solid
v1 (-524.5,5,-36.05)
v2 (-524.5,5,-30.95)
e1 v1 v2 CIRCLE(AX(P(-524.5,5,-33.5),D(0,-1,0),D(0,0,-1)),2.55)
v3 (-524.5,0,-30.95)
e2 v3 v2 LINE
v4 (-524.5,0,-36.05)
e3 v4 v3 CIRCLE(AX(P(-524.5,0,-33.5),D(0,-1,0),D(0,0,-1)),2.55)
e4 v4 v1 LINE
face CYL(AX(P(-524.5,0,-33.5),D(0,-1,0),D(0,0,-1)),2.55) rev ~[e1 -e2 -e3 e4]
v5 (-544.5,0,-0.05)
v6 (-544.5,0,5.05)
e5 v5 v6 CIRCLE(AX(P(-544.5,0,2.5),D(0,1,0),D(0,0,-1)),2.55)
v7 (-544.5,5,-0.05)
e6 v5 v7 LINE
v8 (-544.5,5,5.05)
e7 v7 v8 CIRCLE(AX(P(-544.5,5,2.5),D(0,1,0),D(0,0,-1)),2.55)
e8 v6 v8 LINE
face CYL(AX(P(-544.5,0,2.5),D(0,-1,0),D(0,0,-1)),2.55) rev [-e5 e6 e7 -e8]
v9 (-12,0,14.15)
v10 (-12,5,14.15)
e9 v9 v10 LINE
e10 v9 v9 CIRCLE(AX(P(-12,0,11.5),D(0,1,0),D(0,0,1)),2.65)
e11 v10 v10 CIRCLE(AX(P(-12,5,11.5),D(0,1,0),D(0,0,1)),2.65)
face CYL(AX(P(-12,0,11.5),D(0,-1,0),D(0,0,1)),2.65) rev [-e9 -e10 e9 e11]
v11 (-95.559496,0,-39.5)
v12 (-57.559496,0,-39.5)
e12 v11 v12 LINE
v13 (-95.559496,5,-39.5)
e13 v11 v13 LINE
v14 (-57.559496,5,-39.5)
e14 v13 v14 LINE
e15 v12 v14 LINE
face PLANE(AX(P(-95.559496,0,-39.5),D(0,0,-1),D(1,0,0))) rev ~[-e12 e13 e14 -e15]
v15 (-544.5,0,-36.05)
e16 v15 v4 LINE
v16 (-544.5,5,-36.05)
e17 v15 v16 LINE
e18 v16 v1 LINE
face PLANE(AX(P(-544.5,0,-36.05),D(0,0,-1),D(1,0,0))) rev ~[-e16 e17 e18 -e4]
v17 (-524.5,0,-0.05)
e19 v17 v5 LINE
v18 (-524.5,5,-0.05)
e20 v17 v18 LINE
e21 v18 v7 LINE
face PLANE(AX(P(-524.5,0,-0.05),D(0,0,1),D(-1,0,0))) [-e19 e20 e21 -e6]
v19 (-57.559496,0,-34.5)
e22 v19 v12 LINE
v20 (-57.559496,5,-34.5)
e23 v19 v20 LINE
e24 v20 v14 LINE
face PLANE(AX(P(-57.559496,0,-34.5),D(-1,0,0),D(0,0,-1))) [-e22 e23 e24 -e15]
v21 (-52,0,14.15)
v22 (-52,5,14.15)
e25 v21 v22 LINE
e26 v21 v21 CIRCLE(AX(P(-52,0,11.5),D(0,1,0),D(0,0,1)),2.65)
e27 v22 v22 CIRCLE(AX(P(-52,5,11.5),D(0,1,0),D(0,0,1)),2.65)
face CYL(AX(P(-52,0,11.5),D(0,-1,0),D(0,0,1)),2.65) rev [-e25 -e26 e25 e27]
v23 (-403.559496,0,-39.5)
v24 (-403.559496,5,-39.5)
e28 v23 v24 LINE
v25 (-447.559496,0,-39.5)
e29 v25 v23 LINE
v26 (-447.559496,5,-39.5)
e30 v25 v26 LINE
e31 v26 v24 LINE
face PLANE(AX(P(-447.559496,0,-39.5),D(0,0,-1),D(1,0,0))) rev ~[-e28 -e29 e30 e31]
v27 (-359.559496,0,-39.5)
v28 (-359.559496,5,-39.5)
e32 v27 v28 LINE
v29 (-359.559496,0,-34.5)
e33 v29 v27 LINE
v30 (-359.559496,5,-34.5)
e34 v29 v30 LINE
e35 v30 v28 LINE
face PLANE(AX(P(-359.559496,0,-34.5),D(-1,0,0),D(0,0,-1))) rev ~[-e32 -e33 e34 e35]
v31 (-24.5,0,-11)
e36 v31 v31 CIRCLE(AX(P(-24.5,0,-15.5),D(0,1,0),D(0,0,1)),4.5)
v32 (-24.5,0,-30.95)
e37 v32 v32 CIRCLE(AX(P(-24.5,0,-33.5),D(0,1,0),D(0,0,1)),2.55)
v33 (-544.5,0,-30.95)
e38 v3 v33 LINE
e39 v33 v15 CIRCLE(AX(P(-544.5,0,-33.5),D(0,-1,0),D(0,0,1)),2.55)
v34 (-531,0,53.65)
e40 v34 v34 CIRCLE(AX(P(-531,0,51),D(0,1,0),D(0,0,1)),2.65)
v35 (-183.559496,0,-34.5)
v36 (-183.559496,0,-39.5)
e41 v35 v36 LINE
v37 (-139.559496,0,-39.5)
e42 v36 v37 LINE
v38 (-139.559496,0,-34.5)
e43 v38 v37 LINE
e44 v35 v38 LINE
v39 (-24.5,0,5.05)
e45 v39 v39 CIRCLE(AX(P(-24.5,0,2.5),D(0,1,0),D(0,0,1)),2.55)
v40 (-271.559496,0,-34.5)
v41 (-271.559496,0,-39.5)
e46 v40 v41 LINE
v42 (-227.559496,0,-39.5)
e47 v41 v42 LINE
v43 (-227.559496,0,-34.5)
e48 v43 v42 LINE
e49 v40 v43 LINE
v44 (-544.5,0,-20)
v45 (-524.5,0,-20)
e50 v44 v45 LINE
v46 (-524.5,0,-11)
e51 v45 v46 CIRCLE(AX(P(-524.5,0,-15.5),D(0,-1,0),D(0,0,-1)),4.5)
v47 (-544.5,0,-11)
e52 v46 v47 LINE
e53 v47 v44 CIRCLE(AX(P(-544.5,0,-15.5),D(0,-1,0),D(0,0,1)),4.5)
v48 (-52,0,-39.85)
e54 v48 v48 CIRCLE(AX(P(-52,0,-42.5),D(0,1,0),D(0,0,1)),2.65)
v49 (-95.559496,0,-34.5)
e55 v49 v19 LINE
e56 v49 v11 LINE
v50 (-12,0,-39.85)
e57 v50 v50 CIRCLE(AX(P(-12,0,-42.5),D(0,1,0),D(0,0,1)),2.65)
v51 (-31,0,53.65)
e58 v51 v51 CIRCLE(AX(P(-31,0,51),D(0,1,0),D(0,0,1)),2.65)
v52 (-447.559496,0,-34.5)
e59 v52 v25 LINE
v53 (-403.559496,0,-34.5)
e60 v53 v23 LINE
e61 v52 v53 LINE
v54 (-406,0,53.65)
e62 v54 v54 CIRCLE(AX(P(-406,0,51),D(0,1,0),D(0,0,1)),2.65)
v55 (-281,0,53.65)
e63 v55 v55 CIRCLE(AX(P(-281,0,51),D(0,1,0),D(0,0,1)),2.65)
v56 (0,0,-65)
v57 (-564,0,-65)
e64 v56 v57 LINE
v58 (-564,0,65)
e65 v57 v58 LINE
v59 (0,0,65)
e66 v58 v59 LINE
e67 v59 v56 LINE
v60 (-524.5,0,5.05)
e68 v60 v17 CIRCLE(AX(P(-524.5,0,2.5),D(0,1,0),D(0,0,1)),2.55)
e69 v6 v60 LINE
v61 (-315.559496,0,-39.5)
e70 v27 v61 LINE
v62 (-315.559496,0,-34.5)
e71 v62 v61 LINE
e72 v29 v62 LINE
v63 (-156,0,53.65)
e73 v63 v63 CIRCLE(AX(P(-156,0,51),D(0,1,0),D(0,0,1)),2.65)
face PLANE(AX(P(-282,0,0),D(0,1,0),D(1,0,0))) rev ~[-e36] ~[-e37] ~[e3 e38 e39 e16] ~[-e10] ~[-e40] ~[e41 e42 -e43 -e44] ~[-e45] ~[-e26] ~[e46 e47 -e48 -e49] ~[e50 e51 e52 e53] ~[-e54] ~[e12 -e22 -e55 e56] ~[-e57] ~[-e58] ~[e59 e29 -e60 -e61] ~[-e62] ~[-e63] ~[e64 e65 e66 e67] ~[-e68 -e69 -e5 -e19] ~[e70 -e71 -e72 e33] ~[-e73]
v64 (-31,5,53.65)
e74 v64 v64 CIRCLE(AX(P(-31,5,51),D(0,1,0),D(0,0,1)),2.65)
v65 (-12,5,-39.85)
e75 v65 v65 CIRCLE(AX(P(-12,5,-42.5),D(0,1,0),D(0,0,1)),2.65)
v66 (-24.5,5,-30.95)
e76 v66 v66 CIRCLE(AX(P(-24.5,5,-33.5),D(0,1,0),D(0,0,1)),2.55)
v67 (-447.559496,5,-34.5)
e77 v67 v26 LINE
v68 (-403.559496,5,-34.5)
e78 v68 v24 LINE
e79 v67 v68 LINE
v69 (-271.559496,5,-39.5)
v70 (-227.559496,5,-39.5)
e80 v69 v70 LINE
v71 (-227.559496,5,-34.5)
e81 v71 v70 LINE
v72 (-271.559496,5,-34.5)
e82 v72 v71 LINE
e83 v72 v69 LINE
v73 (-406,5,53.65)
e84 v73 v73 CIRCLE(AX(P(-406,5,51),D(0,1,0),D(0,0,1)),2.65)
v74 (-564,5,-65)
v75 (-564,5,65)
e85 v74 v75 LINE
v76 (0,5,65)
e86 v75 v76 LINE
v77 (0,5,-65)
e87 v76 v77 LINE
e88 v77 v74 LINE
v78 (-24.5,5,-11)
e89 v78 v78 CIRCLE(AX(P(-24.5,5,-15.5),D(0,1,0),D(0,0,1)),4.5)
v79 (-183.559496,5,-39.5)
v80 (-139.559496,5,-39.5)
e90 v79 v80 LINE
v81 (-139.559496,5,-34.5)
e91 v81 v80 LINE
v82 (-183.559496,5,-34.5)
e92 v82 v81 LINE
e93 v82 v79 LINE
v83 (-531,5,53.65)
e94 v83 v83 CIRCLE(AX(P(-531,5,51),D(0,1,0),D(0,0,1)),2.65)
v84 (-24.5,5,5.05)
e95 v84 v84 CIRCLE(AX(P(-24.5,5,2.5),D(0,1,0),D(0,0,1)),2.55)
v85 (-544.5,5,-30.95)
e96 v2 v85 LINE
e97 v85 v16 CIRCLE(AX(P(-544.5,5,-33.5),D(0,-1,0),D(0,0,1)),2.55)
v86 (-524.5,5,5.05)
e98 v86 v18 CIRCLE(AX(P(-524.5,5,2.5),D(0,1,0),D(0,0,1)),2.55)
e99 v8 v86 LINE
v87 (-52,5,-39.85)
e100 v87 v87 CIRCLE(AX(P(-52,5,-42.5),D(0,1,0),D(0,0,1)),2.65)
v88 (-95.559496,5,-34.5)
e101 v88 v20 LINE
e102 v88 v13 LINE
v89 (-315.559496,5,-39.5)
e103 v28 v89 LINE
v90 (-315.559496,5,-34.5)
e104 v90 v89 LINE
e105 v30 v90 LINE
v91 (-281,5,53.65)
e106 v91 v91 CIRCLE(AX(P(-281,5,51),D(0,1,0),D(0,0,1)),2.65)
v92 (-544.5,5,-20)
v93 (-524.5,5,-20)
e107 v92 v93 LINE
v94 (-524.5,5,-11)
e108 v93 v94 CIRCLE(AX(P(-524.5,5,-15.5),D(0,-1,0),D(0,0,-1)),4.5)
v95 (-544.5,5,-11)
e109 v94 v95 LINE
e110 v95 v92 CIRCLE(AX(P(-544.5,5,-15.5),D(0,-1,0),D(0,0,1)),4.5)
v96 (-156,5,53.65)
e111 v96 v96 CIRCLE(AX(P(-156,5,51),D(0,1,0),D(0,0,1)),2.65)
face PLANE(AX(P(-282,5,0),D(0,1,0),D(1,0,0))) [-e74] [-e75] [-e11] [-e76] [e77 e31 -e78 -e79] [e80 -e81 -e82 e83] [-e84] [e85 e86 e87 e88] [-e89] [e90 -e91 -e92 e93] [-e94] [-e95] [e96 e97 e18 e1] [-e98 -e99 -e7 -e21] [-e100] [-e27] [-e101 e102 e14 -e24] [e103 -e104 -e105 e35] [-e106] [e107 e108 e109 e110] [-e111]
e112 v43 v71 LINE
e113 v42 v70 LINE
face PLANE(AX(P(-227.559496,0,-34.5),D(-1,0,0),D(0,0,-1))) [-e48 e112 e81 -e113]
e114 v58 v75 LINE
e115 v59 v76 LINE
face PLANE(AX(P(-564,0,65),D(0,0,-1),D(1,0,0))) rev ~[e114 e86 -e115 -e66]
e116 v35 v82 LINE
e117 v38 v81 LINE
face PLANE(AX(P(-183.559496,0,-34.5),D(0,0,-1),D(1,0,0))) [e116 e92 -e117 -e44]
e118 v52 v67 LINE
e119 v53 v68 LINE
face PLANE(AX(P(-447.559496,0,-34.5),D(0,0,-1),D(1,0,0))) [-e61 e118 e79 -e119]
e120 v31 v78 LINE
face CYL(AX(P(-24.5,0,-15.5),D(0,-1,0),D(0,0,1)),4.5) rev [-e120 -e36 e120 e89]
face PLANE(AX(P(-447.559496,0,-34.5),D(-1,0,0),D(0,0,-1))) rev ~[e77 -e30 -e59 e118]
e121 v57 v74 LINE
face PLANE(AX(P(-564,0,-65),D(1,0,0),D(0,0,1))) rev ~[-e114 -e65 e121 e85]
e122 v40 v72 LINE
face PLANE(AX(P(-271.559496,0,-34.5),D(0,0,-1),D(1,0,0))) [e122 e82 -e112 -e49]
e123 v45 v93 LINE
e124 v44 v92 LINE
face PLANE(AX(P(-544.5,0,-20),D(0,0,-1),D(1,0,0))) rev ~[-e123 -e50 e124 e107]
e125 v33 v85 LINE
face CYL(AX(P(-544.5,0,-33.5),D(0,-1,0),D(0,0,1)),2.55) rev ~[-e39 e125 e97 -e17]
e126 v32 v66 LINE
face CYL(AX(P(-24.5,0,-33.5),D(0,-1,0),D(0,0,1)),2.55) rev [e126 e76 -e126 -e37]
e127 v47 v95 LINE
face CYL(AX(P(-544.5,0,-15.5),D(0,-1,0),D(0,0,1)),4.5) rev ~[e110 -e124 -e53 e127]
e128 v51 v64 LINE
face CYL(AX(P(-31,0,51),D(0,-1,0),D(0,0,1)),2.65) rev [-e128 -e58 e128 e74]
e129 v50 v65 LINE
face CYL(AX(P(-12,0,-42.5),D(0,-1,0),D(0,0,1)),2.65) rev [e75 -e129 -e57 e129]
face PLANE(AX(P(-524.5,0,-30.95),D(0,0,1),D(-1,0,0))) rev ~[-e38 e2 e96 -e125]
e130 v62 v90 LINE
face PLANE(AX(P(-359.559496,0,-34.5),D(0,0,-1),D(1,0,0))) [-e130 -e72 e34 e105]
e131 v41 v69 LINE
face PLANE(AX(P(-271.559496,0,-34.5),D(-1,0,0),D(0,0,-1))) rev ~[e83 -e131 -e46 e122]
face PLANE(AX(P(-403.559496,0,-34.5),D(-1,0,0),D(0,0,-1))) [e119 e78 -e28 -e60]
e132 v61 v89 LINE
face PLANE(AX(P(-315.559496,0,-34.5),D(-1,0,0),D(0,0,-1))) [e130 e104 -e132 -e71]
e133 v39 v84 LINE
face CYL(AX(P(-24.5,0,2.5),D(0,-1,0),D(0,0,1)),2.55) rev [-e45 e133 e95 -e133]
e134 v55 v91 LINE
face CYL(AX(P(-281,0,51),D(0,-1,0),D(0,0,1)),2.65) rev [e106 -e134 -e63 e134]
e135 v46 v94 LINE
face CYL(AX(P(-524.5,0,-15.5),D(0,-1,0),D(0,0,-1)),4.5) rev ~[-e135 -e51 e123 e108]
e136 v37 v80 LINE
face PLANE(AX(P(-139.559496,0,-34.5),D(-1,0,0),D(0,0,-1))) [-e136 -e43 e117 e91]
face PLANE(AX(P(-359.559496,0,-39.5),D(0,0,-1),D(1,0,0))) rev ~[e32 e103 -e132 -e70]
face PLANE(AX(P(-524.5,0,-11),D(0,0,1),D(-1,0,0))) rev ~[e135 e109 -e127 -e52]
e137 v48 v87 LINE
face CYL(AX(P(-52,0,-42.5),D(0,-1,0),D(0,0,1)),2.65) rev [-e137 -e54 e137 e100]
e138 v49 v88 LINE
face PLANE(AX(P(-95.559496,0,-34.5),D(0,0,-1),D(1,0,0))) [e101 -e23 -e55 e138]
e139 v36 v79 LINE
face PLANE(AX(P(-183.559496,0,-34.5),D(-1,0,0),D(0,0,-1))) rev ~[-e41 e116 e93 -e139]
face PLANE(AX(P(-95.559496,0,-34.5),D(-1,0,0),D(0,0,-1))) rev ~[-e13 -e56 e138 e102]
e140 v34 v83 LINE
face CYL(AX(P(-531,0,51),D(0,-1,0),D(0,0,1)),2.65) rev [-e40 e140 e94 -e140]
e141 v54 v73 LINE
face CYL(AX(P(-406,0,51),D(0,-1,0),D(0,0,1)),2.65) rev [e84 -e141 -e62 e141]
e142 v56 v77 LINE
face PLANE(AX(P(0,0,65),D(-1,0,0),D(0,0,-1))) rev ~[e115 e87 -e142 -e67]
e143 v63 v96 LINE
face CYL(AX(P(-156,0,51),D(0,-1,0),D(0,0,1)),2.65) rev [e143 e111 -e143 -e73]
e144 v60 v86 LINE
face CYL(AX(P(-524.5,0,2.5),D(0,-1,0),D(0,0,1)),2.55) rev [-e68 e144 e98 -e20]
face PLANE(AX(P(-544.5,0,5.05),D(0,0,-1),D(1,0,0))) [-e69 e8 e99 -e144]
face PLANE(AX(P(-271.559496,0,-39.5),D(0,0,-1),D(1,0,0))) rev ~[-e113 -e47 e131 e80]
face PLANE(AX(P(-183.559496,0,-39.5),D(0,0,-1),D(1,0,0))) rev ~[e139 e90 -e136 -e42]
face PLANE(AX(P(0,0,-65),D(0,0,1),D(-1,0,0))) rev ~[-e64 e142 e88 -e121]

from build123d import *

# Parameters (mm, degrees)
SKETCH1_R           = 2.65
SKETCH1_R_2         = 2.55
SKETCH1_R_3         = 4.5
SKETCH1_W           = 38
SKETCH1_H           = 5
SKETCH1_W_2         = 44
BOSS_EXTRUDE1_DEPTH = 5


with BuildPart() as part:
    # Sketch1 → Boss-Extrude1 (new body)
    with BuildSketch(Plane(origin=(0, 0, 0), x_dir=(1, 0, 0), z_dir=(0, 1, 0))):
        Polygon((0, 0), (0, 40), (0, 65), (-564, 65), (-564, -65), (-524.5, -65), (0, -65), align=None)
        with Locations(Location((-12, 42.5, 0), (0, 0, 270))):
            Circle(SKETCH1_R, mode=Mode.SUBTRACT)
        with Locations(Location((-24.5, 33.5, 0), (0, 0, 270))):
            Circle(SKETCH1_R_2, mode=Mode.SUBTRACT)
        with Locations(Location((-24.5, -2.5, 0), (0, 0, 270))):
            Circle(SKETCH1_R_2, mode=Mode.SUBTRACT)
        with Locations(Location((-24.5, 15.5, 0), (0, 0, 270))):
            Circle(SKETCH1_R_3, mode=Mode.SUBTRACT)
        with Locations(Location((-12, -11.5, 0), (0, 0, 270))):
            Circle(SKETCH1_R, mode=Mode.SUBTRACT)
        with Locations(Location((-531, -51, 0), (0, 0, 270))):
            Circle(SKETCH1_R, mode=Mode.SUBTRACT)
        with Locations(Location((-406, -51, 0), (0, 0, 270))):
            Circle(SKETCH1_R, mode=Mode.SUBTRACT)
        with Locations(Location((-281, -51, 0), (0, 0, 270))):
            Circle(SKETCH1_R, mode=Mode.SUBTRACT)
        with Locations(Location((-156, -51, 0), (0, 0, 270))):
            Circle(SKETCH1_R, mode=Mode.SUBTRACT)
        with Locations(Location((-52, -11.5, 0), (0, 0, 270))):
            Circle(SKETCH1_R, mode=Mode.SUBTRACT)
        with Locations(Location((-52, 42.5, 0), (0, 0, 270))):
            Circle(SKETCH1_R, mode=Mode.SUBTRACT)
        with Locations(Location((-31, -51, 0), (0, 0, 270))):
            Circle(SKETCH1_R, mode=Mode.SUBTRACT)
        with Locations((-76.559496053, 37)):
            Rectangle(SKETCH1_W, SKETCH1_H, mode=Mode.SUBTRACT)
        with BuildLine():
            Line((-544.5, 36.05), (-524.5, 36.05))
            ThreePointArc((-524.5, 36.05), (-521.95, 33.5), (-524.5, 30.95))
            Line((-524.5, 30.95), (-544.5, 30.95))
            ThreePointArc((-544.5, 30.95), (-547.05, 33.5), (-544.5, 36.05))
        make_face(mode=Mode.SUBTRACT)
        with BuildLine():
            Line((-524.5, 0.05), (-544.5, 0.05))
            ThreePointArc((-544.5, 0.05), (-547.05, -2.5), (-544.5, -5.05))
            Line((-544.5, -5.05), (-524.5, -5.05))
            ThreePointArc((-524.5, -5.05), (-521.95, -2.5), (-524.5, 0.05))
        make_face(mode=Mode.SUBTRACT)
        with BuildLine():
            Line((-544.5, 20), (-524.5, 20))
            ThreePointArc((-524.5, 20), (-520, 15.5), (-524.5, 11))
            Line((-524.5, 11), (-544.5, 11))
            ThreePointArc((-544.5, 11), (-549, 15.5), (-544.5, 20))
        make_face(mode=Mode.SUBTRACT)
        with Locations((-161.559496053, 37)):
            Rectangle(SKETCH1_W_2, SKETCH1_H, mode=Mode.SUBTRACT)
        with Locations((-249.559496053, 37)):
            Rectangle(SKETCH1_W_2, SKETCH1_H, mode=Mode.SUBTRACT)
        with Locations((-337.559496053, 37)):
            Rectangle(SKETCH1_W_2, SKETCH1_H, mode=Mode.SUBTRACT)
        with Locations((-425.559496053, 37)):
            Rectangle(SKETCH1_W_2, SKETCH1_H, mode=Mode.SUBTRACT)
    extrude(amount=BOSS_EXTRUDE1_DEPTH)


solid = part.part
